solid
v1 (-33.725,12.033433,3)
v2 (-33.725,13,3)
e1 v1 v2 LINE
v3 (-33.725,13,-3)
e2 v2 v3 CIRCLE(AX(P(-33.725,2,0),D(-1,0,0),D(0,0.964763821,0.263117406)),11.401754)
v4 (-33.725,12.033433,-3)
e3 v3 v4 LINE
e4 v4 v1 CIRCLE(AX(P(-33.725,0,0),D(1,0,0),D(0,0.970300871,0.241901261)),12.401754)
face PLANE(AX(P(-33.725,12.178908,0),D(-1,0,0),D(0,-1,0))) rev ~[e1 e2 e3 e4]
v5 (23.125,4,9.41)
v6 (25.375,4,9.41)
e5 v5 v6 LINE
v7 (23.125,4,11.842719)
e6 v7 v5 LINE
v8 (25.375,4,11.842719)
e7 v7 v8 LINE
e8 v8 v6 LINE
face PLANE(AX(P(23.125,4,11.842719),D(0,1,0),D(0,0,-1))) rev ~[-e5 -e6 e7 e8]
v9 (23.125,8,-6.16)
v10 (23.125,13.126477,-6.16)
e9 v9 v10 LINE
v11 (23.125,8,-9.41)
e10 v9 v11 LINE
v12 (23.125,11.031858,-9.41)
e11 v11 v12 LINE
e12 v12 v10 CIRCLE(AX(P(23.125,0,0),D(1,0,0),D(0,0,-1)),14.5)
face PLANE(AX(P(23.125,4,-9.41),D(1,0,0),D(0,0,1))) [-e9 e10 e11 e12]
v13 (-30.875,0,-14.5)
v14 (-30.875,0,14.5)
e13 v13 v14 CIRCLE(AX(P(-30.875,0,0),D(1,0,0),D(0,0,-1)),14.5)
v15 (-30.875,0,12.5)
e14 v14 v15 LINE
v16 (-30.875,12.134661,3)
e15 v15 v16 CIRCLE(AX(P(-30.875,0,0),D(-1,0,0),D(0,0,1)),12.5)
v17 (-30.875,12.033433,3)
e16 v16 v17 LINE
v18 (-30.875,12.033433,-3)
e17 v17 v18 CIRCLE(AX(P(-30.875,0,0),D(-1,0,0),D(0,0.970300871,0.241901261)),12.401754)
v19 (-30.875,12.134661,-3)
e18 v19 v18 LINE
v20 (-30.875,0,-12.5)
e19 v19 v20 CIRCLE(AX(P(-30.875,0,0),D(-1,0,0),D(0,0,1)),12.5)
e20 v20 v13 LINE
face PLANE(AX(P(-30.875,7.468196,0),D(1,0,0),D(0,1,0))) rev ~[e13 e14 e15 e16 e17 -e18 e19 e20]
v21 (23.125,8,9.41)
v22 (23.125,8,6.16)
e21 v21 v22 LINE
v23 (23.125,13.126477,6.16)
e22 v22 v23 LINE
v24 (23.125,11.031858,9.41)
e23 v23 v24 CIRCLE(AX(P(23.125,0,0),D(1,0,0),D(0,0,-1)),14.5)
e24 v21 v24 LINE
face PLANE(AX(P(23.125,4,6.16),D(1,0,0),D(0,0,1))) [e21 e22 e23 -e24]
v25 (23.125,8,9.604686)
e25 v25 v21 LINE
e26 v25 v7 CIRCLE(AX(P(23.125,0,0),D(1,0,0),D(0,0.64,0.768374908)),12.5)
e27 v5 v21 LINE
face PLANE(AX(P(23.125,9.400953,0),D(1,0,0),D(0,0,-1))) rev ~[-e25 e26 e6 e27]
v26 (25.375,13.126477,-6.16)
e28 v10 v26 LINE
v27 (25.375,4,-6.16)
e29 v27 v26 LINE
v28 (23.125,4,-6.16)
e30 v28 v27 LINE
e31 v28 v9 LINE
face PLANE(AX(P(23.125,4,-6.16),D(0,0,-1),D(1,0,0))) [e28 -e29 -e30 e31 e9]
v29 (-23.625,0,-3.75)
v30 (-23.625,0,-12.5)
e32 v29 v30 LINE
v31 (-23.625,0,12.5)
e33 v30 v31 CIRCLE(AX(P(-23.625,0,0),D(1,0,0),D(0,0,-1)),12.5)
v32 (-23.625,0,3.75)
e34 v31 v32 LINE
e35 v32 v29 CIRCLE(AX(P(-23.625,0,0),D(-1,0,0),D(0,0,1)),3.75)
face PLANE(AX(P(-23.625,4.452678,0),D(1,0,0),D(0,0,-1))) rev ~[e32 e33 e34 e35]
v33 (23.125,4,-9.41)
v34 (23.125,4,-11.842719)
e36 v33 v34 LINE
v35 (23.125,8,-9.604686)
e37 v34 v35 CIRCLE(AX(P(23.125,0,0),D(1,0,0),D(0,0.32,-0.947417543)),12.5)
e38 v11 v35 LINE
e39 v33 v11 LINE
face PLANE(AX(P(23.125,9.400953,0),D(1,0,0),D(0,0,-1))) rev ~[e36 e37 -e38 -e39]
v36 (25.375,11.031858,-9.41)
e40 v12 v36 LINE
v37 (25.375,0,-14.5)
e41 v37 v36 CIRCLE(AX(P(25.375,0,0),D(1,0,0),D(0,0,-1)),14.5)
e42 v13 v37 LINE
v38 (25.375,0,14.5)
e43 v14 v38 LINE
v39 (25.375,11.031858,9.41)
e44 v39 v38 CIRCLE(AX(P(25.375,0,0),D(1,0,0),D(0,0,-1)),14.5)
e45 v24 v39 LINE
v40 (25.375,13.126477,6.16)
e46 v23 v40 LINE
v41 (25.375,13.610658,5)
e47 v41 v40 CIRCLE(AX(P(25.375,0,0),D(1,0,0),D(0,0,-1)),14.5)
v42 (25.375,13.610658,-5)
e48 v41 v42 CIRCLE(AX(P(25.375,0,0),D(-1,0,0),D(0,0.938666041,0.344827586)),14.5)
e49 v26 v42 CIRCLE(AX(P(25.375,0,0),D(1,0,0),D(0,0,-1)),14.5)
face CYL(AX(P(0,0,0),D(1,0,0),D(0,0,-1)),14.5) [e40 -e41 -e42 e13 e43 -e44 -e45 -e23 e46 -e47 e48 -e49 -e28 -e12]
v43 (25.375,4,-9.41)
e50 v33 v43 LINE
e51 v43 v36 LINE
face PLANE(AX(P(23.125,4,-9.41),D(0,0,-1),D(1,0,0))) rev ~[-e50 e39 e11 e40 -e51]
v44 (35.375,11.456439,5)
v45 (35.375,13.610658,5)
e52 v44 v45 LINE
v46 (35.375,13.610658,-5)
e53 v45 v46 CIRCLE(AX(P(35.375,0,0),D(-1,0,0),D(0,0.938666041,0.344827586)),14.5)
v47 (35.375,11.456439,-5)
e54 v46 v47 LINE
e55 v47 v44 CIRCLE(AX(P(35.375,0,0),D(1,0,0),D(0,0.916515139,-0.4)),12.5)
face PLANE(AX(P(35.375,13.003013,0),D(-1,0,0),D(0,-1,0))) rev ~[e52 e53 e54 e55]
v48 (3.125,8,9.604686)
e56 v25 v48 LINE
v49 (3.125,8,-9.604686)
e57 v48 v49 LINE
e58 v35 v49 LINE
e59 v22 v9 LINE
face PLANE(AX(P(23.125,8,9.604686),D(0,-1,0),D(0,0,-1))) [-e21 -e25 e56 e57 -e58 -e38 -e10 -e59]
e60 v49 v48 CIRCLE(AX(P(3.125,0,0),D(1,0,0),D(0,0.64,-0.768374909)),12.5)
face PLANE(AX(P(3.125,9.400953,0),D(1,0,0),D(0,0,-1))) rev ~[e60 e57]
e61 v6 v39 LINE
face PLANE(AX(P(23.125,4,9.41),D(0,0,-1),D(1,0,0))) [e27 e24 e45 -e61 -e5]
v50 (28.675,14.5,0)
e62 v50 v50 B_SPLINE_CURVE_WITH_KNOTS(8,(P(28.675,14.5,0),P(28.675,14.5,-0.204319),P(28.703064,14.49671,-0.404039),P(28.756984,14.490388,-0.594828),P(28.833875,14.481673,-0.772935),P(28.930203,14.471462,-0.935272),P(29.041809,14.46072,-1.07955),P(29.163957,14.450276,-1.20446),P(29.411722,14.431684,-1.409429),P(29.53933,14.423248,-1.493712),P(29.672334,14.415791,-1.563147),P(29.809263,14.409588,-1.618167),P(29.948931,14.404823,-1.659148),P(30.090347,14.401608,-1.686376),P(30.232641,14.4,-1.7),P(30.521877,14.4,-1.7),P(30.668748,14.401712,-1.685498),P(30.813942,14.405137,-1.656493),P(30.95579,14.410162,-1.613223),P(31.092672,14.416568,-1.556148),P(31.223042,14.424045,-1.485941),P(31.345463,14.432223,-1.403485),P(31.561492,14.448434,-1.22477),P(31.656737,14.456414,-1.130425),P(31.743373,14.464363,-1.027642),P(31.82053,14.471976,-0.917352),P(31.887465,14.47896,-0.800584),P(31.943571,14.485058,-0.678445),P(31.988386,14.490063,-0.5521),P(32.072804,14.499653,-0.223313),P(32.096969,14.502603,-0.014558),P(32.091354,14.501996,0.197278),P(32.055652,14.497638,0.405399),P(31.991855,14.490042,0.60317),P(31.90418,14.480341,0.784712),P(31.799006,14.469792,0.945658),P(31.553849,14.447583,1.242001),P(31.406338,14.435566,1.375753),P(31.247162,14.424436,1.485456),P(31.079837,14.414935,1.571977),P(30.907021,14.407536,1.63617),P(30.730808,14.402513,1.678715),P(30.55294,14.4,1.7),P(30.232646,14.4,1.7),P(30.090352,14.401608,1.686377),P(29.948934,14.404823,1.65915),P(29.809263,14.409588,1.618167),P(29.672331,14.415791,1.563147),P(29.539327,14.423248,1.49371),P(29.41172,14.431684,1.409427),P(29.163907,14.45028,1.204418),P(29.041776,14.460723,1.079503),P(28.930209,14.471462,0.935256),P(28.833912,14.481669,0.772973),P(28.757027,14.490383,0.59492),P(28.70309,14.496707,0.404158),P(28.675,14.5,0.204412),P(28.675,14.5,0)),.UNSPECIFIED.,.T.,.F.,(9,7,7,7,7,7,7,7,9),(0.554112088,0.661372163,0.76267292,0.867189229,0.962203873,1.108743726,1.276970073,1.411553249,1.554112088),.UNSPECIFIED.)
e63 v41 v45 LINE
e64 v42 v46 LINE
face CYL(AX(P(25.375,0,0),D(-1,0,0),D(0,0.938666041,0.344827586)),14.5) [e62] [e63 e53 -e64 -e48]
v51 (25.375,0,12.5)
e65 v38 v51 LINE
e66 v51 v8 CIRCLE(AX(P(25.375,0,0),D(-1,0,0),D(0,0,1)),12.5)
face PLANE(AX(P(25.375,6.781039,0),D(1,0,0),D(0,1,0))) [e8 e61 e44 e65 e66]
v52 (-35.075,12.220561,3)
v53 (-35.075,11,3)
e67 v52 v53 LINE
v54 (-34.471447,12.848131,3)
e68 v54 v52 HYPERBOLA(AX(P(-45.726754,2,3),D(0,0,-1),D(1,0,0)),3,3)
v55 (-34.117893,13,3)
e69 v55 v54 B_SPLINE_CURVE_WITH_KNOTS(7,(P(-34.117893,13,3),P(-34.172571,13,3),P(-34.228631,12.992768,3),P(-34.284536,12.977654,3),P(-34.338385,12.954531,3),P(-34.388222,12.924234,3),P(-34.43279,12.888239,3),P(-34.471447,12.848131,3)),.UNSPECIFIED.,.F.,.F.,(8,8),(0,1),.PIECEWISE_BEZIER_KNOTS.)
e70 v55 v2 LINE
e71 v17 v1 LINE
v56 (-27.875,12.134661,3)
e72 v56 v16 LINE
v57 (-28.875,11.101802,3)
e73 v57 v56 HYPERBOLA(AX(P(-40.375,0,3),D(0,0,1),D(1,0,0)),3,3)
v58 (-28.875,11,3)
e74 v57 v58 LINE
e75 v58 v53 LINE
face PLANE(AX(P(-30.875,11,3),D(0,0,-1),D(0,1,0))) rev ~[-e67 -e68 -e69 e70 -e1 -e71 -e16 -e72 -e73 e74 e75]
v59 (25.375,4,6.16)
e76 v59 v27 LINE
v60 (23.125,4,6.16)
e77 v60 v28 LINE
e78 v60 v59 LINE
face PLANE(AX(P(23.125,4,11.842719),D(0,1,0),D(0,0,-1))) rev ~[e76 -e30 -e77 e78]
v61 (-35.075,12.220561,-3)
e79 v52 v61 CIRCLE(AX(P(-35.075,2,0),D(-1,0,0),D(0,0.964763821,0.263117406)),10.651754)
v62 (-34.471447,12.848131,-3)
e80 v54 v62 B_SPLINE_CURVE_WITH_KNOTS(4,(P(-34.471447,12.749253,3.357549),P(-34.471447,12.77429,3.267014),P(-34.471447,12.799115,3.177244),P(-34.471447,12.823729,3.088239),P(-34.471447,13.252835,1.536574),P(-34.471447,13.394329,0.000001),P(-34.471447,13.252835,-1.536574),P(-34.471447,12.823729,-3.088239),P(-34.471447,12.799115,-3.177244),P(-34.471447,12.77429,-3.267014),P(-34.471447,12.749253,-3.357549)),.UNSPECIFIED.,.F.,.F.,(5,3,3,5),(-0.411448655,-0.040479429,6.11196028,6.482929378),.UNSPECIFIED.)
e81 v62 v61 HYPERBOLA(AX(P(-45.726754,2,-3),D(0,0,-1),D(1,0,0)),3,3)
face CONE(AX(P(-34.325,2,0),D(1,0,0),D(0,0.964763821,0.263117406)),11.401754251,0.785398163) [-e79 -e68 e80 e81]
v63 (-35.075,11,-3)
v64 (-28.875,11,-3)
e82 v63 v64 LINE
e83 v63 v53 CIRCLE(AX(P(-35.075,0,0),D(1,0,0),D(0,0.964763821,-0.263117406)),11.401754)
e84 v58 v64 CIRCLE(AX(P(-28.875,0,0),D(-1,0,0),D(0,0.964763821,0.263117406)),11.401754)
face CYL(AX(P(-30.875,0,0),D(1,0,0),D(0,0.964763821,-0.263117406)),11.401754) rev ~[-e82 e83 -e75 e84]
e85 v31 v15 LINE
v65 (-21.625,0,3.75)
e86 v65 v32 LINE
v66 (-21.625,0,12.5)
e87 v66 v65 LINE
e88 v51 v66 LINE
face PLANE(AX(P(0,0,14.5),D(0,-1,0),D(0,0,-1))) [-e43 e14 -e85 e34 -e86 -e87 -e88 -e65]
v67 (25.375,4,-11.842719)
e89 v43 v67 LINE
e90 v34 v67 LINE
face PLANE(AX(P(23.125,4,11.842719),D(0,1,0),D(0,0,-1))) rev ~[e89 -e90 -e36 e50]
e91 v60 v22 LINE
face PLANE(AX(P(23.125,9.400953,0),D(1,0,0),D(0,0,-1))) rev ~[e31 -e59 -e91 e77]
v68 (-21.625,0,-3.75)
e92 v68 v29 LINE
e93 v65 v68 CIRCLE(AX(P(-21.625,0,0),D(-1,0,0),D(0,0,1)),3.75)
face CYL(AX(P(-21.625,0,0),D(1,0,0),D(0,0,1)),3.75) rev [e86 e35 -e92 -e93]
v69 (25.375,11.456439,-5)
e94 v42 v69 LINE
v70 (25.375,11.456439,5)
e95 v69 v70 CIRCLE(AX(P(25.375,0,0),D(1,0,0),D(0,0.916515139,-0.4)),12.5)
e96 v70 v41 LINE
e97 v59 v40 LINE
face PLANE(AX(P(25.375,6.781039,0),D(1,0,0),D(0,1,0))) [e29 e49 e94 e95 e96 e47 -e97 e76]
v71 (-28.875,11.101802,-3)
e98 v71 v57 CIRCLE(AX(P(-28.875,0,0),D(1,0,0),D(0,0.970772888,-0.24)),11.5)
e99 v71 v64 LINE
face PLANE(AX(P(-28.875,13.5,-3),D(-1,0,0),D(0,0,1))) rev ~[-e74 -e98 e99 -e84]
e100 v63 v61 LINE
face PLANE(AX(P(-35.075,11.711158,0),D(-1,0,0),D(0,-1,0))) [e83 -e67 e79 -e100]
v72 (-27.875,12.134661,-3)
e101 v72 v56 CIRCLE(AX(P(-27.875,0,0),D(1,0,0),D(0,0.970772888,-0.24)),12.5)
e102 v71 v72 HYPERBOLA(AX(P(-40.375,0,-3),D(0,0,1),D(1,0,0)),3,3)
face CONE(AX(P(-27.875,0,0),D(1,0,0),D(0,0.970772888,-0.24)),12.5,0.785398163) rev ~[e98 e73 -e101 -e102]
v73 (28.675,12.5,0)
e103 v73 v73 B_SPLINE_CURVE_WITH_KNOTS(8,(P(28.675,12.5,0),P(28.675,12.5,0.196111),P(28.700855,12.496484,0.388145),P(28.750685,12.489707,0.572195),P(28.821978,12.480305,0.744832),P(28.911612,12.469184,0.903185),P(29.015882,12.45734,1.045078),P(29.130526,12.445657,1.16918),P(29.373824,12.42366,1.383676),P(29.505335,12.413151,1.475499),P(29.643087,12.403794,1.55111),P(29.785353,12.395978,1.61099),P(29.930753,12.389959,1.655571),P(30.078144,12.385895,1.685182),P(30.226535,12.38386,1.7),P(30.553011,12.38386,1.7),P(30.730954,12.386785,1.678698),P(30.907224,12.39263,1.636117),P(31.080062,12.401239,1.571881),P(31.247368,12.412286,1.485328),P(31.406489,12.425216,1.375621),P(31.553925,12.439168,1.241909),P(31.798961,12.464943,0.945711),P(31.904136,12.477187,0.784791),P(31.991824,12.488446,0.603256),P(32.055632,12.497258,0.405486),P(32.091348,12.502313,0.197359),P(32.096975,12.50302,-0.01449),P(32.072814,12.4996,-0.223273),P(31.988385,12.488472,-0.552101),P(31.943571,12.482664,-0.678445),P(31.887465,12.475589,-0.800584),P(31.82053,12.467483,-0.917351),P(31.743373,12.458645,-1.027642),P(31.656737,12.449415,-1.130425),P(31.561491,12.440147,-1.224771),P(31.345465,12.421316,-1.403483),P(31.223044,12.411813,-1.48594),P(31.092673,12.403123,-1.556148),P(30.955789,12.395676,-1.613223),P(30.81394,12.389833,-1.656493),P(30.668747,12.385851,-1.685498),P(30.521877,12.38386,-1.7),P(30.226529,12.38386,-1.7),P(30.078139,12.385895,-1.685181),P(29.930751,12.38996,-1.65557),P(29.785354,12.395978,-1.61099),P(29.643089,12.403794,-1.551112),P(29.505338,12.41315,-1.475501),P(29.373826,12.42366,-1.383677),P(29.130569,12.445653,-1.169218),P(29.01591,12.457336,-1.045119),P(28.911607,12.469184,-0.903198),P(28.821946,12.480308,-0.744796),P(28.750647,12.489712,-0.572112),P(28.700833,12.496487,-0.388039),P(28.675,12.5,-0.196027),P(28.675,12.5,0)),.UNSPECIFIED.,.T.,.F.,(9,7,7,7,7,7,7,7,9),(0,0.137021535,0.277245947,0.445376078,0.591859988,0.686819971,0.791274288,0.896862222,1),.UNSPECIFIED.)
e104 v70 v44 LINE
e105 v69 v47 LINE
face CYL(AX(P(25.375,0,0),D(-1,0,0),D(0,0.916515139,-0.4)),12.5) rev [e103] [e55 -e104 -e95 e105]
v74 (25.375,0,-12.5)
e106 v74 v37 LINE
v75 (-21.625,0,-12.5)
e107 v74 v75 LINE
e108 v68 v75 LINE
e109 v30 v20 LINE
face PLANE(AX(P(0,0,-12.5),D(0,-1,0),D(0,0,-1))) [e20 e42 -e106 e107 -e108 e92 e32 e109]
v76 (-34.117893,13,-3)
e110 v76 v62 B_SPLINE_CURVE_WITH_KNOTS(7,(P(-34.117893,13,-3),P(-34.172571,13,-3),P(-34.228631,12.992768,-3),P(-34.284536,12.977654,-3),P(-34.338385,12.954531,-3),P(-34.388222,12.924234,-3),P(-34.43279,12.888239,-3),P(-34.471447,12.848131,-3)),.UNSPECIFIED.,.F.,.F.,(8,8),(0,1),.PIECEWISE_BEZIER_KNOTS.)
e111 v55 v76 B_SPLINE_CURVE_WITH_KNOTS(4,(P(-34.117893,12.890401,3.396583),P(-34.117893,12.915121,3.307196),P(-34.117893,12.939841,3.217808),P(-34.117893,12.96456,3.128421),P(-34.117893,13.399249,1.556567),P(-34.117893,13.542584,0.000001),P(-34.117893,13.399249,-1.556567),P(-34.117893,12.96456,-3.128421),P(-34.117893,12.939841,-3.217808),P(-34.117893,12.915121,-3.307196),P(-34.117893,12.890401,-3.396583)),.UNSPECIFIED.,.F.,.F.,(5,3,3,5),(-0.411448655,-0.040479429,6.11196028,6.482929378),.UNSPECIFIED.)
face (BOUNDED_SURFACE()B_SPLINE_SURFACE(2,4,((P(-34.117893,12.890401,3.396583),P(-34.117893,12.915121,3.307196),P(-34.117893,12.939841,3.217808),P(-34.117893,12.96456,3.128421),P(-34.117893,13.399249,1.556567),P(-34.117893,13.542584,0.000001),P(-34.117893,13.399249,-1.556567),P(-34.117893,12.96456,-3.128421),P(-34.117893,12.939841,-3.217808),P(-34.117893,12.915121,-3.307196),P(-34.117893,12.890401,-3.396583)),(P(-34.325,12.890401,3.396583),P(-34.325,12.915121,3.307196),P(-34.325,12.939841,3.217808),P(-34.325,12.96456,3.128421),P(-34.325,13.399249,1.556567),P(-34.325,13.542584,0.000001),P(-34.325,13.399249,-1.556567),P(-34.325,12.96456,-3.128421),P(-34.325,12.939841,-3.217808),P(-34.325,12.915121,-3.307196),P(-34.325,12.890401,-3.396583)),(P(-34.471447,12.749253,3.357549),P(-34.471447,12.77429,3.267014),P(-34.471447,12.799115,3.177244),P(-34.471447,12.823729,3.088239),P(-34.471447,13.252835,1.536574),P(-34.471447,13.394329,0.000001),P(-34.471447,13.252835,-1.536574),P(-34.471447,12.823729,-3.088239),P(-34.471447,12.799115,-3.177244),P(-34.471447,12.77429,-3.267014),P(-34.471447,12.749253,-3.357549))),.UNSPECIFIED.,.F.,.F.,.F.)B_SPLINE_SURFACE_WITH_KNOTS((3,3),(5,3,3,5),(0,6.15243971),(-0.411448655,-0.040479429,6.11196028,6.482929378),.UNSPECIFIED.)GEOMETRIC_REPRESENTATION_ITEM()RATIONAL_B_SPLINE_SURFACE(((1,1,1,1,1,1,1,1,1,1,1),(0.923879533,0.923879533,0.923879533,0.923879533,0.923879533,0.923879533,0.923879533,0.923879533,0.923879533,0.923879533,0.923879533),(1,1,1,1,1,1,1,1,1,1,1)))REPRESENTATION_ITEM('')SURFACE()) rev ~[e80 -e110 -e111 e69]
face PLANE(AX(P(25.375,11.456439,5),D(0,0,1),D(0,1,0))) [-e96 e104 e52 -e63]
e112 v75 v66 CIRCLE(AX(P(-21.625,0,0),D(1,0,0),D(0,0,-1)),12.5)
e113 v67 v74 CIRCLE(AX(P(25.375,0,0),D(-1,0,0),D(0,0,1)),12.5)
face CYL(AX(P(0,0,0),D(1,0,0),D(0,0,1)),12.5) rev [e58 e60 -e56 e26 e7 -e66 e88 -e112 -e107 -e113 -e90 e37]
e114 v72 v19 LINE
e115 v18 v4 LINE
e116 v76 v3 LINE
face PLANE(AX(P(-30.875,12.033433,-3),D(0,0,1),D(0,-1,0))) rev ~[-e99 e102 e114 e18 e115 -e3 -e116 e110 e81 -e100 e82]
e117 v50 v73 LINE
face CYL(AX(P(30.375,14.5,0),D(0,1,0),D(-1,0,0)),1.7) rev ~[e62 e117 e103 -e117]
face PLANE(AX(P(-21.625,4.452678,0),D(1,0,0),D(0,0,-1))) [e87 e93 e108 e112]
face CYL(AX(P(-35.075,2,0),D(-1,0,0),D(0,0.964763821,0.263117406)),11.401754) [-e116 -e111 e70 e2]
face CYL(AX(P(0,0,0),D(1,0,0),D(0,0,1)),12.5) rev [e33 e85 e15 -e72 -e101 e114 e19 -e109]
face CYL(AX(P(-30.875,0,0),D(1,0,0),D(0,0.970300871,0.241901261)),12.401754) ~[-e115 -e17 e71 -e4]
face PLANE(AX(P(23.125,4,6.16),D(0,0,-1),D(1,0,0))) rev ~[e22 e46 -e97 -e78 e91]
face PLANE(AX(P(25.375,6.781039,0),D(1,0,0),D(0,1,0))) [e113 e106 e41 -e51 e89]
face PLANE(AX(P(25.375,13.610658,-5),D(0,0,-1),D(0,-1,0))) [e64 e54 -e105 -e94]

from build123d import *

# Parameters (mm, degrees)
SALIENTE_EXTRUIR1_DEPTH  = 30.875
SALIENTE_EXTRUIR2_DEPTH  = 2
SALIENTE_EXTRUIR3_DEPTH  = 20
SALIENTE_EXTRUIR4_START  = 3
SALIENTE_EXTRUIR4_DEPTH  = 3
CROQUIS6_W               = 2
CROQUIS6_H               = 6
SALIENTE_EXTRUIR6_DEPTH  = 2.5
CORTAR_EXTRUIR1_REACH    = 67.066
SALIENTE_EXTRUIR7_START  = 4.2
SALIENTE_EXTRUIR7_DEPTH  = 4.2
SALIENTE_EXTRUIR9_DEPTH  = 1.35
CHAFL_N3_SIZE            = 0.75
REDONDEO1_R              = 0.5
CHAFL_N4_SIZE            = 1
CORTAR_EXTRUIR2_DEPTH    = 5.5
SALIENTE_EXTRUIR10_START = 10
SALIENTE_EXTRUIR10_DEPTH = 10
CORTAR_EXTRUIR3_REACH    = 42.889
CROQUIS11_R              = 1.7
CROQUIS14_W              = 2.25
CROQUIS14_H              = 3.25
CORTAR_EXTRUIR6_DEPTH    = 40.647076022


with BuildPart() as part:
    # Croquis2 → Saliente-Extruir1 (new, symmetric)
    with BuildSketch(Plane.YZ):
        with BuildLine():
            Line((0, -12.5), (0, -14.5))
            ThreePointArc((0, -14.5), (14.5, 0), (0, 14.5))
            Line((0, 14.5), (0, 12.5))
            ThreePointArc((0, 12.5), (12.5, 0), (0, -12.5))
        make_face()
    extrude(amount=SALIENTE_EXTRUIR1_DEPTH, both=True)

    # Croquis3 → Saliente-Extruir2 (add)
    with BuildSketch(Plane(origin=(-21.625, 0, 0), x_dir=(0, 0, -1), z_dir=(1, 0, 0))):
        with BuildLine():
            Line((-12.5, 0), (-3.75, 0))
            ThreePointArc((-3.75, 0), (0, 3.75), (3.75, 0))
            Line((3.75, 0), (12.5, 0))
            ThreePointArc((12.5, 0), (0, 12.5), (-12.5, 0))
        make_face()
    extrude(amount=-SALIENTE_EXTRUIR2_DEPTH)

    # Croquis4 → Saliente-Extruir3 (add)
    with BuildSketch(Plane(origin=(23.125, 0, 0), x_dir=(0, 0, -1), z_dir=(1, 0, 0))):
        with BuildLine():
            ThreePointArc((9.604686356, 8), (0, 12.5), (-9.604686356, 8))
            Line((-9.604686356, 8), (9.604686356, 8))
        make_face()
    extrude(amount=-SALIENTE_EXTRUIR3_DEPTH)

    # Croquis4<4> → Saliente-Extruir4 (add)
    with BuildSketch(Plane(origin=(23.125, 0, 0), x_dir=(0, 0, -1), z_dir=(1, 0, 0)).offset(SALIENTE_EXTRUIR4_START)):
        with BuildLine():
            Line((-11.842719282, 4), (11.842719282, 4))
            ThreePointArc((11.842719282, 4), (0, 12.5), (-11.842719282, 4))
        make_face()
    extrude(amount=-SALIENTE_EXTRUIR4_DEPTH)

    # Croquis6 → Saliente-Extruir6 (add)
    with BuildSketch(Plane(origin=(0, 13.5, 0), x_dir=(-1, 0, 0), z_dir=(0, 1, 0))):
        with Locations((29.875, 0)):
            Rectangle(CROQUIS6_W, CROQUIS6_H)
    extrude(amount=-SALIENTE_EXTRUIR6_DEPTH)

    # Croquis7 → Cortar-Extruir1 (cut, up to next)
    with BuildSketch(Plane(origin=(-30.875, 0, 0), x_dir=(0, -1, 0), z_dir=(-1, 0, 0)), mode=Mode.PRIVATE) as cortar_extruir1_sk1:
        with BuildLine():
            Line((-11, -3), (-11, 3))
            ThreePointArc((-11, 3), (-11.401754251, 0), (-11, -3))
        make_face()
    cortar_extruir1_tool1 = extrude(cortar_extruir1_sk1.sketch, amount=-CORTAR_EXTRUIR1_REACH, mode=Mode.PRIVATE) & part.part
    add(cortar_extruir1_tool1.solids().sort_by_distance((-30.875, 11.160947, 0))[0], mode=Mode.SUBTRACT)

    # Croquis7<4> → Saliente-Extruir7 (add)
    with BuildSketch(Plane(origin=(-30.875, 0, 0), x_dir=(0, -1, 0), z_dir=(-1, 0, 0)).offset(SALIENTE_EXTRUIR7_START)):
        with BuildLine():
            ThreePointArc((-11, -3), (-11.401754251, 0), (-11, 3))
            Line((-11, 3), (-12.033432948, 3))
            ThreePointArc((-12.033432948, 3), (-12.401754251, 0), (-12.033432948, -3))
            Line((-12.033432948, -3), (-11, -3))
        make_face()
    extrude(amount=-SALIENTE_EXTRUIR7_DEPTH)

    # Croquis8 → Saliente-Extruir9 (add)
    with BuildSketch(Plane(origin=(-35.075, 0, 0), x_dir=(0, -1, 0), z_dir=(-1, 0, 0))):
        with BuildLine():
            Line((-11, 3), (-13, 3))
            ThreePointArc((-13, 3), (-13.401754251, 0), (-13, -3))
            Line((-13, -3), (-11, -3))
            ThreePointArc((-11, -3), (-11.401754251, 0), (-11, 3))
        make_face()
    extrude(amount=-SALIENTE_EXTRUIR9_DEPTH)

    # Chaflán3
    chafl_n3_edges = [part.edges().sort_by_distance(p)[0] for p in [
        (-35.075, 13.401754251, 0),
    ]]
    chamfer(chafl_n3_edges, length=CHAFL_N3_SIZE)

    # Redondeo1
    redondeo1_edges = [part.edges().sort_by_distance(p)[0] for p in [
        (-34.325, 13.401754251, 0),
    ]]
    fillet(redondeo1_edges, radius=REDONDEO1_R)

    # Chaflán4
    chafl_n4_edges = [part.edges().sort_by_distance(p)[0] for p in [
        (-28.875, 12.5, 0),
    ]]
    chamfer(chafl_n4_edges, length=CHAFL_N4_SIZE)

    # Croquis9 → Cortar-Extruir2 (cut)
    with BuildSketch(Plane.YZ.offset(30.875)):
        with BuildLine():
            Line((4, 11.842719282), (4, -11.842719282))
            ThreePointArc((4, -11.842719282), (2.026821276, -12.33458534), (0, -12.5))
            Line((0, -12.5), (0, -14.5))
            ThreePointArc((0, -14.5), (14.5, 0), (0, 14.5))
            Line((0, 14.5), (0, 12.5))
            ThreePointArc((0, 12.5), (2.026821276, 12.33458534), (4, 11.842719282))
        make_face()
    extrude(amount=-CORTAR_EXTRUIR2_DEPTH, mode=Mode.SUBTRACT)

    # Croquis10 → Saliente-Extruir10 (add)
    with BuildSketch(Plane.YZ.offset(25.375).offset(SALIENTE_EXTRUIR10_START)):
        with BuildLine():
            Line((11.456439237, 5), (13.610657589, 5))
            ThreePointArc((13.610657589, 5), (14.5, 0), (13.610657589, -5))
            Line((13.610657589, -5), (11.456439237, -5))
            ThreePointArc((11.456439237, -5), (12.5, 0), (11.456439237, 5))
        make_face()
    extrude(amount=-SALIENTE_EXTRUIR10_DEPTH)

    # Croquis11 → Cortar-Extruir3 (cut, up to next)
    with BuildSketch(Plane(origin=(0, 14.5, 0), x_dir=(-1, 0, 0), z_dir=(0, 1, 0)), mode=Mode.PRIVATE) as cortar_extruir3_sk1:
        with Locations((-30.375, 0)):
            Circle(CROQUIS11_R)
    cortar_extruir3_tool1 = extrude(cortar_extruir3_sk1.sketch, amount=-CORTAR_EXTRUIR3_REACH, mode=Mode.PRIVATE) & part.part
    add(cortar_extruir3_tool1.solids().sort_by_distance((30.375, 14.5, 0))[0], mode=Mode.SUBTRACT)

    # Croquis14 → Cortar-Extruir6 (cut, through all)
    with BuildSketch(Plane.XZ.offset(-4)):
        with Locations((24.25, 7.785)):
            Rectangle(CROQUIS14_W, CROQUIS14_H)
        with Locations((24.25, -7.785)):
            Rectangle(CROQUIS14_W, CROQUIS14_H)
    extrude(amount=-CORTAR_EXTRUIR6_DEPTH, mode=Mode.SUBTRACT)


solid = part.part
